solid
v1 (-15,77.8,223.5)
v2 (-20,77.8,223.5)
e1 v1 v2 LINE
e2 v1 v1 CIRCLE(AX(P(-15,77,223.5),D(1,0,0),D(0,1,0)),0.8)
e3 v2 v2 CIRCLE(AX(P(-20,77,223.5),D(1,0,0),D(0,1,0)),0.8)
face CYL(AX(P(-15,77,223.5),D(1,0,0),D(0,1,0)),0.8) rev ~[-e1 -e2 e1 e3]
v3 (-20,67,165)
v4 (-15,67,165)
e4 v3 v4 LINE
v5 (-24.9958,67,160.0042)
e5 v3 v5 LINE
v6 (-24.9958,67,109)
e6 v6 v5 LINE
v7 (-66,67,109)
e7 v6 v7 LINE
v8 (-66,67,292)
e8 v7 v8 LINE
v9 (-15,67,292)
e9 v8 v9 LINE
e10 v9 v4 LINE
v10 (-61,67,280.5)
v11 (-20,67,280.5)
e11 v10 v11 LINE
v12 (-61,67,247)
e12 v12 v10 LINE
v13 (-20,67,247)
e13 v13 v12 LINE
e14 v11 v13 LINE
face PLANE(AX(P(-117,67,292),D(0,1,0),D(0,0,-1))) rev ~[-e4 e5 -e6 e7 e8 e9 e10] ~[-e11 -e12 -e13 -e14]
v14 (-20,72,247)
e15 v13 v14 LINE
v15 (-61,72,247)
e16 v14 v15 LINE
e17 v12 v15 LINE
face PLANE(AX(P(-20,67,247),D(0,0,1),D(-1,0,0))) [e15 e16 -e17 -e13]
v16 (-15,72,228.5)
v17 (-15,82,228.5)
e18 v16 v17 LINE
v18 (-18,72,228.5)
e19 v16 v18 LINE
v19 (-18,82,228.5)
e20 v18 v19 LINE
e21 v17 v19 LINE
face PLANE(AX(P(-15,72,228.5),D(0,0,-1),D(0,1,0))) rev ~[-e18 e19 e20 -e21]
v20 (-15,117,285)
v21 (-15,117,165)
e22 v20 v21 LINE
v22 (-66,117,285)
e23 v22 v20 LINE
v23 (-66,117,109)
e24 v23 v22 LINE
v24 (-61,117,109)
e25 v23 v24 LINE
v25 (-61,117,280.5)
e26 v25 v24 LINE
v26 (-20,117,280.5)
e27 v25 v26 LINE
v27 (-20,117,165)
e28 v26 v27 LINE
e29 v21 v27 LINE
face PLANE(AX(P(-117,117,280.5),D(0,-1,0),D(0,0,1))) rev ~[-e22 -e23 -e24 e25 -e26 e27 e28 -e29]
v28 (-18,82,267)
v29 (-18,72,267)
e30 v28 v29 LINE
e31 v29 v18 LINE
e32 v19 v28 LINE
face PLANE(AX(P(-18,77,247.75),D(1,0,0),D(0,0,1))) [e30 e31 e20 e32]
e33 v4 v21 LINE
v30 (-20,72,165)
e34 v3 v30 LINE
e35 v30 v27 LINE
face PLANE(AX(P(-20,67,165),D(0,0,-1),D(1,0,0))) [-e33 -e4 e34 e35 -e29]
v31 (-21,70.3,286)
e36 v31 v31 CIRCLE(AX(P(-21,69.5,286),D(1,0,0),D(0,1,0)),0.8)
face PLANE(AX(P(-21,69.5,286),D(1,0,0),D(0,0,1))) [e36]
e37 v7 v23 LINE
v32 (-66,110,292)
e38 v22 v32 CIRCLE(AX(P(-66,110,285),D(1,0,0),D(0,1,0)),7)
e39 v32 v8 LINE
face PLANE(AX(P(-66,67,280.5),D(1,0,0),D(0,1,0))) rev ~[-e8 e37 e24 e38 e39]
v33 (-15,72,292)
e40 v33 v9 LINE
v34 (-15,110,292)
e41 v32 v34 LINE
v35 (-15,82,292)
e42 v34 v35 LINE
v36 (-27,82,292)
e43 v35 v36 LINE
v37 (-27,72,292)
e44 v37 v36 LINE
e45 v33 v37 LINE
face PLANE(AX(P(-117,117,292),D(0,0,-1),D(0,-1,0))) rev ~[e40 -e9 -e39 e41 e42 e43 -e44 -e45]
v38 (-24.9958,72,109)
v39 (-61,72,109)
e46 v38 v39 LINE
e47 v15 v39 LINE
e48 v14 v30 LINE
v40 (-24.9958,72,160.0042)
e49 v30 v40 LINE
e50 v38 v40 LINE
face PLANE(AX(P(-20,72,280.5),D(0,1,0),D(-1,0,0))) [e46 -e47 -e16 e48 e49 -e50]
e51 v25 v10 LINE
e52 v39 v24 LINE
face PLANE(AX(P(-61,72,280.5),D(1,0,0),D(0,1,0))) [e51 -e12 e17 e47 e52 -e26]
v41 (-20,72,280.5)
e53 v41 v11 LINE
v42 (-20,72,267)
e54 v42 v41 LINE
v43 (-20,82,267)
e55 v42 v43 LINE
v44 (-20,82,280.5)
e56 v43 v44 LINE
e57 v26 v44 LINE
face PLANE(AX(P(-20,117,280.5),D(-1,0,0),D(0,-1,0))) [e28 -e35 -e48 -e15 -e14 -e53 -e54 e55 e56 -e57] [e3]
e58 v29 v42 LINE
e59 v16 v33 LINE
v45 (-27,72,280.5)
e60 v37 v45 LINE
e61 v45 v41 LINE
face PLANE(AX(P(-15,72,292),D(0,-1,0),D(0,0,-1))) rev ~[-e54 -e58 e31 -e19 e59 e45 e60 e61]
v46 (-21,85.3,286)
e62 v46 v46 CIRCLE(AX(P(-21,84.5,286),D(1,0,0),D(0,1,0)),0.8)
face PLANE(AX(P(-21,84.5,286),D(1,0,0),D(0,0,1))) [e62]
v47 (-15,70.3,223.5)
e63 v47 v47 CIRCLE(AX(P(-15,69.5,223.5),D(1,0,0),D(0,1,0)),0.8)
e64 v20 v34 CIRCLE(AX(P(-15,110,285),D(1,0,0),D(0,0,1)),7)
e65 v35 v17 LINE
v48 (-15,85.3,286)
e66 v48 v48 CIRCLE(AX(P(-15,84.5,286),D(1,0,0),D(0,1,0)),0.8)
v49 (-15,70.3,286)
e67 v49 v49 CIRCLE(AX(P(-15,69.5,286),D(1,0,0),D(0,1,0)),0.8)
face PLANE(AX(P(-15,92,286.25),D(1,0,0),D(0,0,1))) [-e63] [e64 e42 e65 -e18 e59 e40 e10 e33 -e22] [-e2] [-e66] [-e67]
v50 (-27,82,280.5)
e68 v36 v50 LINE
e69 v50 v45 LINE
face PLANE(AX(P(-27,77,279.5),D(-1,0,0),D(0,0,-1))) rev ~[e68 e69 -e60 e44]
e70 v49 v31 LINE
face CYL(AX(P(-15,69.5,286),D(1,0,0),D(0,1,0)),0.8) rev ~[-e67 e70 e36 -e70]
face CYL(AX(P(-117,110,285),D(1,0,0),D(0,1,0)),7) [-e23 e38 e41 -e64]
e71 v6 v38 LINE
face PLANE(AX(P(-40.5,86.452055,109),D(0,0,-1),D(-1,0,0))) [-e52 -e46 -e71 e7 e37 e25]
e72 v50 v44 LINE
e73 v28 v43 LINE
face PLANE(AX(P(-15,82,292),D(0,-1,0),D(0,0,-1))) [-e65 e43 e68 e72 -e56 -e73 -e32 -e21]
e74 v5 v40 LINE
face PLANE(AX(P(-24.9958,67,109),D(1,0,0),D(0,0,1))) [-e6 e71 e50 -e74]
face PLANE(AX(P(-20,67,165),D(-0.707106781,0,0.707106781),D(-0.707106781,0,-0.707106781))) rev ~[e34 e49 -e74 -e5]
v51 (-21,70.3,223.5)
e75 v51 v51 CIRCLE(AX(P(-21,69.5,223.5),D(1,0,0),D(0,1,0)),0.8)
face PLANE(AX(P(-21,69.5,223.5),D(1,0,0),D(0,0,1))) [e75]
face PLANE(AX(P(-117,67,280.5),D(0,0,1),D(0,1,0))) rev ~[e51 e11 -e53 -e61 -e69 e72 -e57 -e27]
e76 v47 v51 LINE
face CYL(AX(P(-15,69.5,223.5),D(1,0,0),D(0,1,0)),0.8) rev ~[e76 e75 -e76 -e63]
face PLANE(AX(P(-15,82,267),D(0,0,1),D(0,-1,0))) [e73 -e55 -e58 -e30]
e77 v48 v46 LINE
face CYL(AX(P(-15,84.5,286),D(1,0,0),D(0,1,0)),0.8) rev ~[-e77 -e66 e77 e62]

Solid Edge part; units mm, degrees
sketch "Sketch1" plane through (-117, 0, 0) normal (1, 0, 0) x (0, 1, 0)
  line L0 (117, 280.5) -> (117, 292)
  line L1 (117, 292) -> (67, 292)
  line L2 (67, 292) -> (67, 280.5)
  line L3 (67, 280.5) -> (117, 280.5)
extrude "Protrusion1" add sketch "Sketch1" along normal blind 102
fillet "Round_1" radius 7 1 edges at (-66, 117, 292)
sketch "Sketch2" plane through (-66, 92, 280.5) normal (0, 0, -1) x (1, 0, 0)
  line L0 (51, 25) -> (0, 25)
  line L1 (0, 25) -> (0, -25)
  line L2 (0, -25) -> (5, -25)
  line L3 (5, 20) -> (5, -25)
  line L4 (46, 20) -> (5, 20)
  line L5 (46, -25) -> (46, 20)
  line L6 (46, -25) -> (51, -25)
  line L7 (51, -25) -> (51, 25)
extrude "ExtrudedProtrusion_2" add sketch "Sketch2" along normal blind 171.5
sketch "Sketch3" plane through (-66, 67, 200.4979) normal (0, -1, 0) x (1, 0, 0)
  line L0 (5, 80.0021) -> (46, 80.0021)
  line L1 (46, 80.0021) -> (46, 46.5021)
  line L2 (46, 46.5021) -> (5, 46.5021)
  line L3 (5, 46.5021) -> (5, 80.0021)
extrude "Cutout1" cut sketch "Sketch3" against normal up to next
sketch "Sketch4" plane through (-15, 92, 200.4979) normal (1, 0, 0) x (0, 1, 0)
  line L0 (-10, 91.5021) -> (-10, 66.5021)
  line L1 (-10, 66.5021) -> (-20, 66.5021)
  line L2 (-20, 91.5021) -> (-20, 66.5021)
  line L3 (-20, 91.5021) -> (-10, 91.5021)
extrude "ExtrudedCutout_2" cut sketch "Sketch4" against normal blind 12
sketch "Sketch5" plane through (-15, 92, 200.4979) normal (1, 0, 0) x (0, 1, 0)
  line L0 (-10, 28.0021) -> (-10, 66.5021)
  line L1 (-10, 66.5021) -> (-20, 66.5021)
  line L2 (-20, 66.5021) -> (-20, 28.0021)
  line L3 (-20, 28.0021) -> (-10, 28.0021)
extrude "ExtrudedCutout_3" cut sketch "Sketch5" against normal blind 3
sketch "Sketch6" plane through (-15, 92, 200.4979) normal (1, 0, 0) x (0, 1, 0)
  circle A0 centre (-15, 23.0021) radius 0.8
extrude "Cutout2" cut sketch "Sketch6" against normal up to next
sketch "Sketch7" plane through (-15, 92, 200.4979) normal (1, 0, 0) x (0, 1, 0)
  circle A0 centre (-22.5, 85.5021) radius 0.8
  circle A1 centre (-7.5, 85.5021) radius 0.8
  circle A2 centre (-22.5, 23.0021) radius 0.8
extrude "ExtrudedCutout_5" cut sketch "Sketch7" against normal blind 6
sketch "Sketch8" plane through (-66, 67, 200.4979) normal (0, -1, 0) x (1, 0, 0)
  line L0 (46, -35.4979) -> (51, -35.4979)
  line L1 (51, -35.4979) -> (51, -91.4979)
  line L2 (51, -91.4979) -> (41.0042, -91.4979)
  line L3 (41.0042, -91.4979) -> (41.0042, -40.4937)
  line L4 (46, -35.4979) -> (41.0042, -40.4937)
extrude "Cutout3" cut sketch "Sketch8" against normal up to next
sketch "Sketch9" plane through (-117, 0, 0) normal (1, 0, 0) x (0, 1, 0)
  line L0 (117, 292) -> (67, 292)
  line L1 (67, 292) -> (67, 280.5)
  line L2 (67, 280.5) -> (117, 280.5)
  line L3 (117, 280.5) -> (117, 292)
extrude "ExtrudedCutout_7" cut sketch "Sketch9" along normal blind 51
